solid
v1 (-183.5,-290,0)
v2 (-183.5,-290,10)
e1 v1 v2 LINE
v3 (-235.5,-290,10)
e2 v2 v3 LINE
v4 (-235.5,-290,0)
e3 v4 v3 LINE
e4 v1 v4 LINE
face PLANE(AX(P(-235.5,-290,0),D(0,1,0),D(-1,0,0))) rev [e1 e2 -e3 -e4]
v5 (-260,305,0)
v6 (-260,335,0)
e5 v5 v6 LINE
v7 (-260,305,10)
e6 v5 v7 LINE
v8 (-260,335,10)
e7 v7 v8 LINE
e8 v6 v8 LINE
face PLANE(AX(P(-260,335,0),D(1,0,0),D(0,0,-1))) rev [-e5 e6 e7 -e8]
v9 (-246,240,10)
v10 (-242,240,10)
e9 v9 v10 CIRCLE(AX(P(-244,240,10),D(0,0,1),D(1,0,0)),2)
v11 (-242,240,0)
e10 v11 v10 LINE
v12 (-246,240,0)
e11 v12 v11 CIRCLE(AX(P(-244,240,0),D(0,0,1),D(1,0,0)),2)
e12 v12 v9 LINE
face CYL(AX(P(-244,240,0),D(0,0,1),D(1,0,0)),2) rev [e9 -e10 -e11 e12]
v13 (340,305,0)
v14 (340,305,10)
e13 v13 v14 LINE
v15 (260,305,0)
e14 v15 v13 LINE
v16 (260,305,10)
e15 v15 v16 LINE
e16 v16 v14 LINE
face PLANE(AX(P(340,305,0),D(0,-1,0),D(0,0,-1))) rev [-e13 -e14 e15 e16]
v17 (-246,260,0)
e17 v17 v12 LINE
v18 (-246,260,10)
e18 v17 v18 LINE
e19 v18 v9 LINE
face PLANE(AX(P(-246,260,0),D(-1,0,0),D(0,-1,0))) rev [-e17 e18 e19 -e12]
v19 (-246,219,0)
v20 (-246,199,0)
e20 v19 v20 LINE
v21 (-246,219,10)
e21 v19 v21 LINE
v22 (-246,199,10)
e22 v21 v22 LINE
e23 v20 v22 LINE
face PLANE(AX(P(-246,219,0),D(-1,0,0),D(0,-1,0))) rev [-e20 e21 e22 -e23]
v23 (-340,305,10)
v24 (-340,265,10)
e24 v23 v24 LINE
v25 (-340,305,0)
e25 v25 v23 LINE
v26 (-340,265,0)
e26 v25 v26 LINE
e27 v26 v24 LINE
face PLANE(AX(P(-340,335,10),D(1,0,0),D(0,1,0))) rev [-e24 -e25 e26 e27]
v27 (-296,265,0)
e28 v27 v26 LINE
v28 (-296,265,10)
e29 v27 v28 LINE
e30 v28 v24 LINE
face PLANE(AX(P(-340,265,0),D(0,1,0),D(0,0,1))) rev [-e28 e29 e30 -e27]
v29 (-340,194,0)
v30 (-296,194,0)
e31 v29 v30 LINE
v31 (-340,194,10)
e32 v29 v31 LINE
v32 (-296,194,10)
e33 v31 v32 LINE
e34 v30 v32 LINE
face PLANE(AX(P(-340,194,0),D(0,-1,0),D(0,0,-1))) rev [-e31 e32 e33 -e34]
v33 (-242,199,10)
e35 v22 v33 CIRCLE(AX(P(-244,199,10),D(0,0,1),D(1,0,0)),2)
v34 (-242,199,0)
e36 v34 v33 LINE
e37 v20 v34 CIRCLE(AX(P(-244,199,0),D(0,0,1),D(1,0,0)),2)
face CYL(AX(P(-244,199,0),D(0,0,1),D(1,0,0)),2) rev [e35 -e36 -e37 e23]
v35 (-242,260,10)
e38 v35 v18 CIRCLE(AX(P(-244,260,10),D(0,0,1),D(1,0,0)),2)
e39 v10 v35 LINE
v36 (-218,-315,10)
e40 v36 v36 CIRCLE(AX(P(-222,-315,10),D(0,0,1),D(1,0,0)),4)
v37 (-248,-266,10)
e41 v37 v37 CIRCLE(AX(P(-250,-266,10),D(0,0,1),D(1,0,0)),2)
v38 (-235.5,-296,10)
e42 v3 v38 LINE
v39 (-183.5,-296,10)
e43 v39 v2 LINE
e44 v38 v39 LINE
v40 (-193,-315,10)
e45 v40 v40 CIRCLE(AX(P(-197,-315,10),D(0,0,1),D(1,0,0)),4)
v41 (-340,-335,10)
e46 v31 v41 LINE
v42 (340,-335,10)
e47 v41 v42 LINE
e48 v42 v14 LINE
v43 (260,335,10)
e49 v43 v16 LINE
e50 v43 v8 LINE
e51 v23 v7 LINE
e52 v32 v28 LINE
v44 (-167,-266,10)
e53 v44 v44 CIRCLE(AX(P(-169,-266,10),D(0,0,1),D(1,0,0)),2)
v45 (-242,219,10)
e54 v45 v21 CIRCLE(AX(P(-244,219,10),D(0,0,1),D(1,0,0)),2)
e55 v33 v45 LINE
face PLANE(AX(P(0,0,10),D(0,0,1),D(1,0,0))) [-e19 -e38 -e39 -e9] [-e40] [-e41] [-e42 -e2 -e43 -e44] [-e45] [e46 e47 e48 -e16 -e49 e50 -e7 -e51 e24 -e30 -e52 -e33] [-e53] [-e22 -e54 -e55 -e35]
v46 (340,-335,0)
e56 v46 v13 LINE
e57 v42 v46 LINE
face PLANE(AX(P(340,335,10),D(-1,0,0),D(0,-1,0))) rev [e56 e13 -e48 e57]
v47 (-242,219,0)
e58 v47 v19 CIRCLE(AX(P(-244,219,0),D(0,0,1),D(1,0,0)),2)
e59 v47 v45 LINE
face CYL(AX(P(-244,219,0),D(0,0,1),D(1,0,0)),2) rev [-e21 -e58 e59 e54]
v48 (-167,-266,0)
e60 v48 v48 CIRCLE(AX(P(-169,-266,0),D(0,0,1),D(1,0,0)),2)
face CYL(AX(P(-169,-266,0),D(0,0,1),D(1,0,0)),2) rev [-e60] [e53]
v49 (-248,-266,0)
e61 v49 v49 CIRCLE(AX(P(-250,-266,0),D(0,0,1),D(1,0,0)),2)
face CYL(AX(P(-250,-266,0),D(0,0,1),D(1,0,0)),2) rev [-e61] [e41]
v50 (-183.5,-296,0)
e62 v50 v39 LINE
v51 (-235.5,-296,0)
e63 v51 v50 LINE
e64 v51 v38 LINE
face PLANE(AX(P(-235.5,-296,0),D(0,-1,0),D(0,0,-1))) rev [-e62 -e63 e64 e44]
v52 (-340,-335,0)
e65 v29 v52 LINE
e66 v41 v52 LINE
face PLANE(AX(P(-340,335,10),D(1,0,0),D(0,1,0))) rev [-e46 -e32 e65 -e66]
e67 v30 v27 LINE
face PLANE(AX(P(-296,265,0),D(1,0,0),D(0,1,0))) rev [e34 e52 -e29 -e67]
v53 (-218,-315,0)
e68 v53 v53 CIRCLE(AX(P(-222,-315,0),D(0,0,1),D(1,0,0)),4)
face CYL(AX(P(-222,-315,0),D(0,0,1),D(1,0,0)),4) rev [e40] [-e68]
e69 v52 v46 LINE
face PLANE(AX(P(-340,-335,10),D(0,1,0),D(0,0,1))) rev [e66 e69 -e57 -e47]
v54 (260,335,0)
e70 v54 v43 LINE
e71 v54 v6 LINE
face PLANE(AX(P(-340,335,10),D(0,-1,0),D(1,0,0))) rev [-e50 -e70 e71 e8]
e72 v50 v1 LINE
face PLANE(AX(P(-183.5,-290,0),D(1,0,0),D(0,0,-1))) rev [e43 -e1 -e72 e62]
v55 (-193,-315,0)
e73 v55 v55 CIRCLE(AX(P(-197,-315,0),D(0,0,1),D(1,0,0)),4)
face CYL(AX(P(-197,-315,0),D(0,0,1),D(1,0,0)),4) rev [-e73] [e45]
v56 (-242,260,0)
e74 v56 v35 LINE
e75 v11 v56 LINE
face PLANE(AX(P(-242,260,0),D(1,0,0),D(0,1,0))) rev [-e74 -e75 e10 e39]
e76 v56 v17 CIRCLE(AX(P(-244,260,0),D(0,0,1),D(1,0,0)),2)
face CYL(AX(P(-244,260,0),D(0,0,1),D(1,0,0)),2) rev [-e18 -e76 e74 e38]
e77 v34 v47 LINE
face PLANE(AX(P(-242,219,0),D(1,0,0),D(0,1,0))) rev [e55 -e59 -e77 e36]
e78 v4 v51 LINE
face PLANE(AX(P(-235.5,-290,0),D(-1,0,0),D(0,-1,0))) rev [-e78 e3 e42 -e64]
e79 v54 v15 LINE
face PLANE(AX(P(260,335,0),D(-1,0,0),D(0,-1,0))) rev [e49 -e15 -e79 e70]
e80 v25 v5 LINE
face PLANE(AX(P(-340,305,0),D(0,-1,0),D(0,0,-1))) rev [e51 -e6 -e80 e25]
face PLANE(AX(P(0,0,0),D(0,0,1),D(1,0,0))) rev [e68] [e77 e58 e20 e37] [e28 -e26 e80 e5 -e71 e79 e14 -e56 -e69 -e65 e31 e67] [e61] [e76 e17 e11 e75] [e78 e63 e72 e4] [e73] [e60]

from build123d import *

# Parameters (mm, degrees)
ESQUISSE1_W             = 680
ESQUISSE1_H             = 670
BOSS_EXTRU_1_DEPTH      = 10
ESQUISSE2_W             = 80
ESQUISSE2_H             = 30
ENL_V_MAT_EXTRU_1_DEPTH = 11
ESQUISSE3_W             = 52
ESQUISSE3_H             = 6
ENL_V_MAT_EXTRU_2_DEPTH = 11
ESQUISSE4_R             = 4
ENL_V_MAT_EXTRU_3_DEPTH = 11
ESQUISSE5_R             = 2
ENL_V_MAT_EXTRU_4_DEPTH = 11
ESQUISSE6_W             = 44
ESQUISSE6_H             = 71
ENL_V_MAT_EXTRU_5_DEPTH = 11
ENL_V_MAT_EXTRU_6_DEPTH = 11


with BuildPart() as part:
    # Esquisse1 → Boss.-Extru.1 (new body)
    with BuildSketch(Plane.XY):
        Rectangle(ESQUISSE1_W, ESQUISSE1_H)
    extrude(amount=BOSS_EXTRU_1_DEPTH)

    # Esquisse2 → Enlèv. mat.-Extru.1 (cut, through all)
    with BuildSketch(Plane.XY.offset(10)):
        with Locations((-300, 320)):
            Rectangle(ESQUISSE2_W, ESQUISSE2_H)
        with Locations((300, 320)):
            Rectangle(ESQUISSE2_W, ESQUISSE2_H)
    extrude(amount=-ENL_V_MAT_EXTRU_1_DEPTH, mode=Mode.SUBTRACT)

    # Esquisse3 → Enlèv. mat.-Extru.2 (cut, through all)
    with BuildSketch(Plane.XY.offset(10)):
        with Locations((-209.5, -293)):
            Rectangle(ESQUISSE3_W, ESQUISSE3_H)
    extrude(amount=-ENL_V_MAT_EXTRU_2_DEPTH, mode=Mode.SUBTRACT)

    # Esquisse4 → Enlèv. mat.-Extru.3 (cut, through all)
    with BuildSketch(Plane.XY.offset(10)):
        with Locations((-222, -315)):
            Circle(ESQUISSE4_R)
        with Locations((-197, -315)):
            Circle(ESQUISSE4_R)
    extrude(amount=-ENL_V_MAT_EXTRU_3_DEPTH, mode=Mode.SUBTRACT)

    # Esquisse5 → Enlèv. mat.-Extru.4 (cut, through all)
    with BuildSketch(Plane.XY.offset(10)):
        with Locations((-250, -266)):
            Circle(ESQUISSE5_R)
        with Locations((-169, -266)):
            Circle(ESQUISSE5_R)
    extrude(amount=-ENL_V_MAT_EXTRU_4_DEPTH, mode=Mode.SUBTRACT)

    # Esquisse6 → Enlèv. mat.-Extru.5 (cut, through all)
    with BuildSketch(Plane.XY.offset(10)):
        with Locations((-318, 229.5)):
            Rectangle(ESQUISSE6_W, ESQUISSE6_H)
    extrude(amount=-ENL_V_MAT_EXTRU_5_DEPTH, mode=Mode.SUBTRACT)

    # Esquisse7 → Enlèv. mat.-Extru.6 (cut, through all)
    with BuildSketch(Plane.XY.offset(10)):
        with BuildLine():
            Line((-246, 260), (-246, 240))
            ThreePointArc((-246, 240), (-244, 238), (-242, 240))
            Line((-242, 240), (-242, 260))
            ThreePointArc((-242, 260), (-244, 262), (-246, 260))
        make_face()
        with BuildLine():
            Line((-246, 219), (-246, 199))
            ThreePointArc((-246, 199), (-244, 197), (-242, 199))
            Line((-242, 199), (-242, 219))
            ThreePointArc((-242, 219), (-244, 221), (-246, 219))
        make_face()
    extrude(amount=-ENL_V_MAT_EXTRU_6_DEPTH, mode=Mode.SUBTRACT)


solid = part.part
